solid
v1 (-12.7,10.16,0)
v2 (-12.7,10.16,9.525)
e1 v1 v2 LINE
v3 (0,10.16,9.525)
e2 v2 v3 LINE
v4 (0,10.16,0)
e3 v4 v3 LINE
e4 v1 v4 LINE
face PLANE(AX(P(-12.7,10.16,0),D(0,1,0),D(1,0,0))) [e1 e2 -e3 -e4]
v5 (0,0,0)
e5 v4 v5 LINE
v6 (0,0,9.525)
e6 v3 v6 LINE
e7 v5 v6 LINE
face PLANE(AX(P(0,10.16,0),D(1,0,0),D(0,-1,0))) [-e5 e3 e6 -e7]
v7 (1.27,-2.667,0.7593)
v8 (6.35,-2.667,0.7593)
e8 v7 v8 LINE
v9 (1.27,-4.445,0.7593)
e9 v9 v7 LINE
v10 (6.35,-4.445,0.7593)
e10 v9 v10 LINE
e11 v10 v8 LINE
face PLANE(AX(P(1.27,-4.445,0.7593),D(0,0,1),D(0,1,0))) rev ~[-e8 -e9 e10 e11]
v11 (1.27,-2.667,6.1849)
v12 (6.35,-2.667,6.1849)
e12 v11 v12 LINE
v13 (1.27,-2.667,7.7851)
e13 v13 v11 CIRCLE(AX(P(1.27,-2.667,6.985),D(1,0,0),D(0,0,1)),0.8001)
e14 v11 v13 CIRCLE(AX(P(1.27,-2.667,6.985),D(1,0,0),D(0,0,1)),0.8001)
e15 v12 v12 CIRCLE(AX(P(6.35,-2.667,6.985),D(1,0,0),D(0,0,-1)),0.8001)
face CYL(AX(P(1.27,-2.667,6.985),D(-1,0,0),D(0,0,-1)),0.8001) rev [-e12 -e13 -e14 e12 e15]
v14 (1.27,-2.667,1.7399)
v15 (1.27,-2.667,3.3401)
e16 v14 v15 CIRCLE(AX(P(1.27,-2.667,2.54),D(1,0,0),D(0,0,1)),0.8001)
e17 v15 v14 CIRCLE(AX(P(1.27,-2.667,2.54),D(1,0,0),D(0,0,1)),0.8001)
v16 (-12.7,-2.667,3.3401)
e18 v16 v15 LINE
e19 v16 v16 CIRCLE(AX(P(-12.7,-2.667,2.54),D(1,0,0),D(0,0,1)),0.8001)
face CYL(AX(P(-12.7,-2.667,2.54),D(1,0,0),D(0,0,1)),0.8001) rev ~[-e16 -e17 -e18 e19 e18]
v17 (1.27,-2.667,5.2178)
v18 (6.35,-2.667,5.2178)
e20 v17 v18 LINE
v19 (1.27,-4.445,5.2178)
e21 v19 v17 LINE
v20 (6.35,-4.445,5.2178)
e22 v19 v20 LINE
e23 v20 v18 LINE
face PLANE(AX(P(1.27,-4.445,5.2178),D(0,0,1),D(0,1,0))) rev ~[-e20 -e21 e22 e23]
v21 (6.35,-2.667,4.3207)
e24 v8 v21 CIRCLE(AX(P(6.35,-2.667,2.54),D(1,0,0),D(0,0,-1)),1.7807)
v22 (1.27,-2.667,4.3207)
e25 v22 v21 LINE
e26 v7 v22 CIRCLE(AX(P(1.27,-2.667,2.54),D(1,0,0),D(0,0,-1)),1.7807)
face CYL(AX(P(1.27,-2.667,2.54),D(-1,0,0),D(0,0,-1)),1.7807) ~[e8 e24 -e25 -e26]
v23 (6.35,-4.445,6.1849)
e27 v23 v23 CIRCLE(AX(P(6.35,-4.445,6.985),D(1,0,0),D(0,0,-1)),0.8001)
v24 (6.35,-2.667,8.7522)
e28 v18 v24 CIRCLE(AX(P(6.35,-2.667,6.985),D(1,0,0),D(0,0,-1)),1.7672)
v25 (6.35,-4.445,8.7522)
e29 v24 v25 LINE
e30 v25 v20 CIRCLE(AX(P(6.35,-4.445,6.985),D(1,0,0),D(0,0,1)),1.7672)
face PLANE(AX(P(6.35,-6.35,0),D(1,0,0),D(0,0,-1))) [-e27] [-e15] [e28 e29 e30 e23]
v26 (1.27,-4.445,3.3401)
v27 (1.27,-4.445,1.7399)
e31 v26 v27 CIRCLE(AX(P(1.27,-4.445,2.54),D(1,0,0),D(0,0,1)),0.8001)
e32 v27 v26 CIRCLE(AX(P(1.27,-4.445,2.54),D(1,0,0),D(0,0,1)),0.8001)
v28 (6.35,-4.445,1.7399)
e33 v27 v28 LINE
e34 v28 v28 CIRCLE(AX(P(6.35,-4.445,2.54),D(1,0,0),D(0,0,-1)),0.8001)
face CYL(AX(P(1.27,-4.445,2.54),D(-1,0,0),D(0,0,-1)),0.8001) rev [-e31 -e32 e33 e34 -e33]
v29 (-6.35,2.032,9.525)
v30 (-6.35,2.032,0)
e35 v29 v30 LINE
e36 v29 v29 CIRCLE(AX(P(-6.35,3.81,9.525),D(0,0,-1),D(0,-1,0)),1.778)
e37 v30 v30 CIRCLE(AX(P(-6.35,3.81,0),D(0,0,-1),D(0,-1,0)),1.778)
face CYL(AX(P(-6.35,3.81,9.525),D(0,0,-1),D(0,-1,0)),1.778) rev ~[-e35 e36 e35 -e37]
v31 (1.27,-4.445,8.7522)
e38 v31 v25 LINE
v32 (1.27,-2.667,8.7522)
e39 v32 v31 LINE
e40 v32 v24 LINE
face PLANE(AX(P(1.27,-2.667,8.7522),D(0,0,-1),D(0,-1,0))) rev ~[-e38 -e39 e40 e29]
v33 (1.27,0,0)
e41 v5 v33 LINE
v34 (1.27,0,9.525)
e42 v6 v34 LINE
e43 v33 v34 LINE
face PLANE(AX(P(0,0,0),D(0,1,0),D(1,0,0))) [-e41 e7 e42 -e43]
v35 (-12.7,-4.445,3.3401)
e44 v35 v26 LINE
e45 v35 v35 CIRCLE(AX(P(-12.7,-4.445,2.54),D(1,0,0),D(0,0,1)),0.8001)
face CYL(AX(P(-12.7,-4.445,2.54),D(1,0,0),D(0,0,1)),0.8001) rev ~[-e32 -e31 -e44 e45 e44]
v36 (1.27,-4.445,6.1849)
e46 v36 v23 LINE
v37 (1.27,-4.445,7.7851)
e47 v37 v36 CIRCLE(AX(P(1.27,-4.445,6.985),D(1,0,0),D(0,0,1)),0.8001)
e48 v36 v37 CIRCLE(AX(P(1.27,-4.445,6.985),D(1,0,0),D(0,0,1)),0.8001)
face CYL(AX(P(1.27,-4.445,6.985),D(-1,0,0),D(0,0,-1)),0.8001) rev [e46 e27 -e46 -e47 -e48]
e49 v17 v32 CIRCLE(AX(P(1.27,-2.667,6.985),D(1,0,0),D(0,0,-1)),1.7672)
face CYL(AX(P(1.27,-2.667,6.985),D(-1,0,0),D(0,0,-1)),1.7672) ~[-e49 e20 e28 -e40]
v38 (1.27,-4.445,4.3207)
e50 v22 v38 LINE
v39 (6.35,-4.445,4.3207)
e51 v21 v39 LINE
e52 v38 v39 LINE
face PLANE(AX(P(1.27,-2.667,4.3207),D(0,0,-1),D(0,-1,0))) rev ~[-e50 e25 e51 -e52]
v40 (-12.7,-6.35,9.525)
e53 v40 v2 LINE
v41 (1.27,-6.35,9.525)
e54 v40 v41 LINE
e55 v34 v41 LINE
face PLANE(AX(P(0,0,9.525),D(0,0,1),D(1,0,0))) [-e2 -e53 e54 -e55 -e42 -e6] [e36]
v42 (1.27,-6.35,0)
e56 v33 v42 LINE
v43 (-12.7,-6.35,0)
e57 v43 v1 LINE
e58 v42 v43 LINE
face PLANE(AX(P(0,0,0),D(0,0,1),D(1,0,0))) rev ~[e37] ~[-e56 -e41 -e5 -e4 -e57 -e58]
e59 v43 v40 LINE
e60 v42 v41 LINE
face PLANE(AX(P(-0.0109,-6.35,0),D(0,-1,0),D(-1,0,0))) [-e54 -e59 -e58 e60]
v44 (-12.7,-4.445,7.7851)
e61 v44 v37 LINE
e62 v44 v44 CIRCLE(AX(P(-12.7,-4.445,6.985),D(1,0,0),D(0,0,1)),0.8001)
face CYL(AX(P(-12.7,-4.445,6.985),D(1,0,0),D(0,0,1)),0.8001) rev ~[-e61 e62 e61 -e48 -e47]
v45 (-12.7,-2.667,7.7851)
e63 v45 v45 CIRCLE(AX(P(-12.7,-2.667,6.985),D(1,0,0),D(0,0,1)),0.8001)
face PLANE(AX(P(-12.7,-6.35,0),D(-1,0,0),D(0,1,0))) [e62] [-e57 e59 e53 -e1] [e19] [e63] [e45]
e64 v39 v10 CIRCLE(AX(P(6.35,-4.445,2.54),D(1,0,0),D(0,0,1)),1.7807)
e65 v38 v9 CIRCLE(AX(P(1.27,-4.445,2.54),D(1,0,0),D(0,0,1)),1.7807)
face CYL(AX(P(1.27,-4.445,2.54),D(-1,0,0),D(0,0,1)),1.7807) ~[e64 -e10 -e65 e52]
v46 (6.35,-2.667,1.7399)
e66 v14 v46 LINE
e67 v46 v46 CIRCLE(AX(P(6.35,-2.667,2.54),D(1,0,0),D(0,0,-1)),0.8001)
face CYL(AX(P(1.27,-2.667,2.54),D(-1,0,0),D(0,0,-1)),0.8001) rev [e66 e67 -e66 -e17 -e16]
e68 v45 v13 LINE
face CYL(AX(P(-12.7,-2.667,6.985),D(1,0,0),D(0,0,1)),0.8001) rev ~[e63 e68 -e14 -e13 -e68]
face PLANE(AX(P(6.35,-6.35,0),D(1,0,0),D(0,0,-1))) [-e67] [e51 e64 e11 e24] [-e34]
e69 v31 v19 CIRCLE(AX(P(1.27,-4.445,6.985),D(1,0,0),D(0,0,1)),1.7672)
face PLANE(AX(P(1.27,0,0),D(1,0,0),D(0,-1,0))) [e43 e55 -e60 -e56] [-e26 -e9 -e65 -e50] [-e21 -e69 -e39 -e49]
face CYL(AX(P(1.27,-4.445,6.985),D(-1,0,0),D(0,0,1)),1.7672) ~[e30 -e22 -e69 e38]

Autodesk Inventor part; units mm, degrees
ref_plane "YZ Plane" through (0, 0, 0) normal (1, 0, 0) x (0, 1, 0)
ref_plane "XZ Plane" through (0, 0, 0) normal (0, 1, 0) x (-1, 0, 0)
ref_plane "XY Plane" through (0, 0, 0) normal (0, 0, 1) x (1, 0, 0)
sketch "Sketch1" plane through (0, 0, 0) normal (0, 0, 1) x (1, 0, 0)
  line L0 (-12.7, 10.16) -> (0, 10.16)
  line L1 (0, 10.16) -> (0, 0)
  line L2 (0, 0) -> (1.27, 0)
  line L3 (1.27, 0) -> (1.27, -6.35)
  line L4 (1.27, -6.35) -> (-0.0109, -6.35)
  line L5 (-0.0109, -6.35) -> (-12.7, -6.35)
  line L6 (-12.7, -6.35) -> (-12.7, 10.16)
  dimension "d0" = 12.7
  dimension "d1" = 1.27
  dimension "d2" = 6.35
  dimension "d3" = 16.51
extrude "Extrusion1" add sketch "Sketch1" along normal blind 9.525
hole "Hole1" at (-6.35, 3.81, 9.525) direction (0, 0, -1) diameter 3.556 end through all
hole "Hole2" at (-12.7, -4.445, 2.54) direction (1, 0, 0) diameter 1.6002 end through all
hole "Hole3" at (-12.7, -2.667, 2.54) direction (1, 0, 0) diameter 1.6002 depth 25.4 tip angle 118
hole "Hole4" at (-12.7, -2.667, 6.985) direction (1, 0, 0) diameter 1.6002 end through all
hole "Hole5" at (-12.7, -4.445, 6.985) direction (1, 0, 0) diameter 1.6002 end through all
sketch "Sketch2" plane through (1.27, -6.35, 0) normal (1, 0, 0) x (0, 0, -1)
  circle A0 centre (-6.985, 1.905) radius 0.8001 projected
  circle A1 centre (-6.985, 3.683) radius 0.8001 projected
  circle A2 centre (-2.54, 3.683) radius 0.8001 projected
  circle A3 centre (-2.54, 1.905) radius 0.8001 projected
  arc A4 (-5.2178, 3.683) -> (-8.7522, 3.683) centre (-6.985, 3.683) ccw
  line L0 (-8.7522, 3.683) -> (-8.7522, 1.905)
  arc A5 (-8.7522, 1.905) -> (-5.2178, 1.905) centre (-6.985, 1.905) ccw
  line L1 (-5.2178, 1.905) -> (-5.2178, 3.683)
  line L2 (-4.3207, 3.683) -> (-4.3207, 1.905)
  arc A6 (-4.3207, 1.905) -> (-0.7593, 1.905) centre (-2.54, 1.905) ccw
  line L3 (-0.7593, 1.905) -> (-0.7593, 3.683)
  arc A7 (-0.7593, 3.683) -> (-4.3207, 3.683) centre (-2.54, 3.683) ccw
extrude "Extrusion3" add sketch "Sketch2" along normal blind 5.08
properties part number "lickport_DHO_v0"
